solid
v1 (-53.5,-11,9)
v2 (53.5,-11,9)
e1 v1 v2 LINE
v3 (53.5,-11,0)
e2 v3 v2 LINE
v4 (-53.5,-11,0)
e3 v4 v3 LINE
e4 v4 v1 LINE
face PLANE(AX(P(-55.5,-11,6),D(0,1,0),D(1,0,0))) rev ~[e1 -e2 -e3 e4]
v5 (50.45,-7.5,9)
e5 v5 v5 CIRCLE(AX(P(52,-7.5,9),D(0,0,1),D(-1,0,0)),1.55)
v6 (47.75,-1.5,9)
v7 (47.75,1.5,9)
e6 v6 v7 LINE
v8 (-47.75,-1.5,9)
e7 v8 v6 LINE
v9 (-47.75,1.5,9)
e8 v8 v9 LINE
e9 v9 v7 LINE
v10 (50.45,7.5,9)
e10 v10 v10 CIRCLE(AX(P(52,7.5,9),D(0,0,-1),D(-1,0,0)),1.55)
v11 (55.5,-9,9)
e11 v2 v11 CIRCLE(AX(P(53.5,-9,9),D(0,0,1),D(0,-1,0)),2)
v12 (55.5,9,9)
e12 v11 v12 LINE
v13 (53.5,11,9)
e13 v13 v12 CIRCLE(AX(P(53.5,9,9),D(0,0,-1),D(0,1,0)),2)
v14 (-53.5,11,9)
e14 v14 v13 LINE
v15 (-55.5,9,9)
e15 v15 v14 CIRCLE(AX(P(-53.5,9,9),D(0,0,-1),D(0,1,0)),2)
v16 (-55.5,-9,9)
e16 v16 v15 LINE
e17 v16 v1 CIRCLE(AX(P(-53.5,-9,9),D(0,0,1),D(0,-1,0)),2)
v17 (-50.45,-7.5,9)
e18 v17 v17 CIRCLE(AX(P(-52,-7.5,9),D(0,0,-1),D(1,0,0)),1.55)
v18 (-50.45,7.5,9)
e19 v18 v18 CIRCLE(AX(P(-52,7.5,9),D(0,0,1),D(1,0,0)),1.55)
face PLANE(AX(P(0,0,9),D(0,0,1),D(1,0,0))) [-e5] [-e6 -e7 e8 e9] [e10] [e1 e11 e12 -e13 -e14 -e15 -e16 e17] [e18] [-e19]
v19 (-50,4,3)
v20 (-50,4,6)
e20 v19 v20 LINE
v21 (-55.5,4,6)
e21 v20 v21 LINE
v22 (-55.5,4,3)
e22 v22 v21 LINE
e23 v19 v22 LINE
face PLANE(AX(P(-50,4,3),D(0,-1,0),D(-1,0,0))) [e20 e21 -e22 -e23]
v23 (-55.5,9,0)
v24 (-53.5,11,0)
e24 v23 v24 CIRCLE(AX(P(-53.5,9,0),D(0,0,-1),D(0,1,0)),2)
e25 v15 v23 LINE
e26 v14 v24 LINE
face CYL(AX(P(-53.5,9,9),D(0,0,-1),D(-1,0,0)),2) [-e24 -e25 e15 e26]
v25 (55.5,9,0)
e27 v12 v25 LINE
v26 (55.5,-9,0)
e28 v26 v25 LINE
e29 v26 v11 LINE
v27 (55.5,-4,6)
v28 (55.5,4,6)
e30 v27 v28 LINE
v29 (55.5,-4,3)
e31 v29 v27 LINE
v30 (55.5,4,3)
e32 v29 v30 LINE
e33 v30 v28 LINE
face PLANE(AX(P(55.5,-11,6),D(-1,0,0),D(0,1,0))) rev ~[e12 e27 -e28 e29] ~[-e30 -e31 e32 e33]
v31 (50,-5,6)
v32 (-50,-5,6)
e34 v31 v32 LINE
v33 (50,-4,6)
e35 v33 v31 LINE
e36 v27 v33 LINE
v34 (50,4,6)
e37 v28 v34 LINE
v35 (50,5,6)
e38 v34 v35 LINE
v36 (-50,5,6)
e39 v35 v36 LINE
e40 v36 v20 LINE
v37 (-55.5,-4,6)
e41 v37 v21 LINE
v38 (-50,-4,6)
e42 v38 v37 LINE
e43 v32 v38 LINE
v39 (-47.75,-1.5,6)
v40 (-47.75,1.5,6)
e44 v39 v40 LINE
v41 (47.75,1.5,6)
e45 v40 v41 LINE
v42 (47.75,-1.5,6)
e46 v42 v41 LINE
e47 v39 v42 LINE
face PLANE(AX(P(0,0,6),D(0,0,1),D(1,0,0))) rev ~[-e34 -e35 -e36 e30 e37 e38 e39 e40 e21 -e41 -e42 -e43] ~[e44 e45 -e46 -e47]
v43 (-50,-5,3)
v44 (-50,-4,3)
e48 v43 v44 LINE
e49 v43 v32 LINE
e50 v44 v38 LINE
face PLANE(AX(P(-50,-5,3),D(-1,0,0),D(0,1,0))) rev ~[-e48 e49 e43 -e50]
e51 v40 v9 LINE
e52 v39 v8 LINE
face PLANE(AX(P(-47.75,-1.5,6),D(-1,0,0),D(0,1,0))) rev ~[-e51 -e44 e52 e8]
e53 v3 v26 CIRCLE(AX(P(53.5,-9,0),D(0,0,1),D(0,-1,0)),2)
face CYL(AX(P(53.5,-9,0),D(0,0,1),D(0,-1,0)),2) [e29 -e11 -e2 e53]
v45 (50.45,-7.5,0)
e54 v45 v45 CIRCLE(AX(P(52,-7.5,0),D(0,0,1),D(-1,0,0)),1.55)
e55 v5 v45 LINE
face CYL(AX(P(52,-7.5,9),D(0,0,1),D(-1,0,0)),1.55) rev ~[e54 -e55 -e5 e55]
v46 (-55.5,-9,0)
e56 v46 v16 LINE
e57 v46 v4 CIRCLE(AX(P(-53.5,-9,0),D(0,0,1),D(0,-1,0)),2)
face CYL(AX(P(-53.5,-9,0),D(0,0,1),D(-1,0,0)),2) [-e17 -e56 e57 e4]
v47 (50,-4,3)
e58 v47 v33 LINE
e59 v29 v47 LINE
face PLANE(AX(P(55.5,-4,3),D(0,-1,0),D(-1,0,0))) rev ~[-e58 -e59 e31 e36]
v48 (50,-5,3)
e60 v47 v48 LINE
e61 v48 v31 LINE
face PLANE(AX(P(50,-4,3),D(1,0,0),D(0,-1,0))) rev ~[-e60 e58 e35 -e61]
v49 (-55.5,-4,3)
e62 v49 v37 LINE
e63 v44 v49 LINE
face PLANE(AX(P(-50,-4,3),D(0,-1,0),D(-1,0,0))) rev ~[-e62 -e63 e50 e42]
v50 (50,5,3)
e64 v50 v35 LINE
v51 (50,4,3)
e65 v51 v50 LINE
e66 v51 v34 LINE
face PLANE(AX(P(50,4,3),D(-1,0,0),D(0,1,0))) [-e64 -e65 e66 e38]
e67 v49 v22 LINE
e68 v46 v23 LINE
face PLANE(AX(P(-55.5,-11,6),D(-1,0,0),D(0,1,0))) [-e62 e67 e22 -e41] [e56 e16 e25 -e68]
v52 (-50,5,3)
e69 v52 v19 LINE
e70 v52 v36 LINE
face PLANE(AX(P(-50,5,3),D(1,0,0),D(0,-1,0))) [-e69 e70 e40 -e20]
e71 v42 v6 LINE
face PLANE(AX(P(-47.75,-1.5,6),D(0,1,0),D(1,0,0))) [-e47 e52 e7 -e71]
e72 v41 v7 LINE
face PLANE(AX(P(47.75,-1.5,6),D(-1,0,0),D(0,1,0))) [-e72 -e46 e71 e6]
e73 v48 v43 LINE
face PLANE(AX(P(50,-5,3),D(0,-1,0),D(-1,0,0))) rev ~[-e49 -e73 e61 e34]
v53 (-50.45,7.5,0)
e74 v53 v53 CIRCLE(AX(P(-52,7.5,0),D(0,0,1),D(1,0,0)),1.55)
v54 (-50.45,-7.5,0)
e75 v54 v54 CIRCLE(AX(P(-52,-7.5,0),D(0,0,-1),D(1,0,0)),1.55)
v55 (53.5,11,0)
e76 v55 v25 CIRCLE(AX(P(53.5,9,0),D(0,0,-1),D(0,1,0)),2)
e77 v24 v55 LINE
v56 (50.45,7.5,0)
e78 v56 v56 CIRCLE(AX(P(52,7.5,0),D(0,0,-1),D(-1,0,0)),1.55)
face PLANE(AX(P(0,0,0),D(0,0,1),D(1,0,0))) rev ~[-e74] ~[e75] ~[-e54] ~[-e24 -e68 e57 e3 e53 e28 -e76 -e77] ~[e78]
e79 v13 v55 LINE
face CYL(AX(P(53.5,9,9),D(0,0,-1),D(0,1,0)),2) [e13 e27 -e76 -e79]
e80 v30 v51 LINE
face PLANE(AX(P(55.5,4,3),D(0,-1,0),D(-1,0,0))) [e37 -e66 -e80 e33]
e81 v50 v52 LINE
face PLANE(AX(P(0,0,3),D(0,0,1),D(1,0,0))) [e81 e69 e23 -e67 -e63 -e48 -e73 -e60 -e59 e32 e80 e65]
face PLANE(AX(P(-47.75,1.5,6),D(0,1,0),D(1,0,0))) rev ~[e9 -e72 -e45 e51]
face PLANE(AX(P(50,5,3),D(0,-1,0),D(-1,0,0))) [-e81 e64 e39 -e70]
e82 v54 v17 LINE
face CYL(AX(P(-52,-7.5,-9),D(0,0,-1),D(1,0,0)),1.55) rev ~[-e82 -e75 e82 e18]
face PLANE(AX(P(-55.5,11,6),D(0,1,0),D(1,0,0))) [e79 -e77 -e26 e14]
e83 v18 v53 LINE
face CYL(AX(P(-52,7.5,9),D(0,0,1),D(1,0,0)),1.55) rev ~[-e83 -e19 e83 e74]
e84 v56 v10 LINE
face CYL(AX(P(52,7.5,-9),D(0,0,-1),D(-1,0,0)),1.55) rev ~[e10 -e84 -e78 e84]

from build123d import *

# Parameters (mm, degrees)
SKETCH_W              = 111
SKETCH_H              = 22
PAD_DEPTH             = 3
PAD001_DEPTH          = 3
SKETCH002_W           = 111
SKETCH002_H           = 22
SKETCH002_W_2         = 95.5
SKETCH002_H_2         = 3
PAD002_DEPTH          = 3
SKETCH003_R           = 1.55
POCKET_DEPTH          = 236.034037
POLARPATTERN_COUNT    = 2
POLARPATTERN001_COUNT = 2
POLARPATTERN002_COUNT = 2
FILLET_R              = 2


with BuildPart() as part:
    # Sketch → Pad (new body)
    with BuildSketch(Plane.XY):
        Rectangle(SKETCH_W, SKETCH_H)
    extrude(amount=PAD_DEPTH)

    # Sketch001 (on Face6 of Pad) → Pad001 (join)
    with BuildSketch(Plane.XY.offset(3)):
        Polygon((-55.5, 11), (55.5, 11), (55.5, 4), (50, 4), (50, 5), (-50, 5), (-50, 4), (-55.5, 4), align=None)
        Polygon((-55.5, -11), (55.5, -11), (55.5, -4), (50, -4), (50, -5), (-50, -5), (-50, -4), (-55.5, -4), align=None)
    extrude(amount=PAD001_DEPTH)

    # Sketch002 (on Face12 of Pad001) → Pad002 (join)
    with BuildSketch(Plane.XY.offset(6)):
        Rectangle(SKETCH002_W, SKETCH002_H)
        Rectangle(SKETCH002_W_2, SKETCH002_H_2, mode=Mode.SUBTRACT)
    extrude(amount=PAD002_DEPTH)

    # Sketch003 (on Face26 of Pad002) → Pocket (cut, through all)
    with BuildSketch(Plane.XY.offset(9)):
        with Locations((-52, 7.5)):
            Circle(SKETCH003_R)
    pocket = extrude(amount=-POCKET_DEPTH, mode=Mode.SUBTRACT)

    # PolarPattern: Pocket ×2 about axis
    polarpattern_axis = Axis((0, 0, 0), (0, 1, 0))
    for i in range(1, POLARPATTERN_COUNT):
        add(pocket.rotate(polarpattern_axis, i * 360 / POLARPATTERN_COUNT), mode=Mode.SUBTRACT)

    # PolarPattern001: Pocket ×2 about axis
    polarpattern001_axis = Axis((0, 0, 0), (1, 0, 0))
    for i in range(1, POLARPATTERN001_COUNT):
        add(pocket.rotate(polarpattern001_axis, i * 360 / POLARPATTERN001_COUNT), mode=Mode.SUBTRACT)

    # PolarPattern002: Pocket ×2 about axis
    polarpattern002_axis = Axis((0, 0, 9), (0, 0, 1))
    for i in range(1, POLARPATTERN002_COUNT):
        add(pocket.rotate(polarpattern002_axis, i * 360 / POLARPATTERN002_COUNT), mode=Mode.SUBTRACT)

    # Fillet
    fillet_edges = [part.edges().sort_by_distance(p)[0] for p in [
        (55.5, 11, 7.5),
        (55.5, 11, 4.5),
        (55.5, 11, 1.5),
        (55.5, -11, 7.5),
        (-55.5, 11, 7.5),
        (-55.5, -11, 7.5),
    ]]
    fillet(fillet_edges, radius=FILLET_R)


solid = part.part
